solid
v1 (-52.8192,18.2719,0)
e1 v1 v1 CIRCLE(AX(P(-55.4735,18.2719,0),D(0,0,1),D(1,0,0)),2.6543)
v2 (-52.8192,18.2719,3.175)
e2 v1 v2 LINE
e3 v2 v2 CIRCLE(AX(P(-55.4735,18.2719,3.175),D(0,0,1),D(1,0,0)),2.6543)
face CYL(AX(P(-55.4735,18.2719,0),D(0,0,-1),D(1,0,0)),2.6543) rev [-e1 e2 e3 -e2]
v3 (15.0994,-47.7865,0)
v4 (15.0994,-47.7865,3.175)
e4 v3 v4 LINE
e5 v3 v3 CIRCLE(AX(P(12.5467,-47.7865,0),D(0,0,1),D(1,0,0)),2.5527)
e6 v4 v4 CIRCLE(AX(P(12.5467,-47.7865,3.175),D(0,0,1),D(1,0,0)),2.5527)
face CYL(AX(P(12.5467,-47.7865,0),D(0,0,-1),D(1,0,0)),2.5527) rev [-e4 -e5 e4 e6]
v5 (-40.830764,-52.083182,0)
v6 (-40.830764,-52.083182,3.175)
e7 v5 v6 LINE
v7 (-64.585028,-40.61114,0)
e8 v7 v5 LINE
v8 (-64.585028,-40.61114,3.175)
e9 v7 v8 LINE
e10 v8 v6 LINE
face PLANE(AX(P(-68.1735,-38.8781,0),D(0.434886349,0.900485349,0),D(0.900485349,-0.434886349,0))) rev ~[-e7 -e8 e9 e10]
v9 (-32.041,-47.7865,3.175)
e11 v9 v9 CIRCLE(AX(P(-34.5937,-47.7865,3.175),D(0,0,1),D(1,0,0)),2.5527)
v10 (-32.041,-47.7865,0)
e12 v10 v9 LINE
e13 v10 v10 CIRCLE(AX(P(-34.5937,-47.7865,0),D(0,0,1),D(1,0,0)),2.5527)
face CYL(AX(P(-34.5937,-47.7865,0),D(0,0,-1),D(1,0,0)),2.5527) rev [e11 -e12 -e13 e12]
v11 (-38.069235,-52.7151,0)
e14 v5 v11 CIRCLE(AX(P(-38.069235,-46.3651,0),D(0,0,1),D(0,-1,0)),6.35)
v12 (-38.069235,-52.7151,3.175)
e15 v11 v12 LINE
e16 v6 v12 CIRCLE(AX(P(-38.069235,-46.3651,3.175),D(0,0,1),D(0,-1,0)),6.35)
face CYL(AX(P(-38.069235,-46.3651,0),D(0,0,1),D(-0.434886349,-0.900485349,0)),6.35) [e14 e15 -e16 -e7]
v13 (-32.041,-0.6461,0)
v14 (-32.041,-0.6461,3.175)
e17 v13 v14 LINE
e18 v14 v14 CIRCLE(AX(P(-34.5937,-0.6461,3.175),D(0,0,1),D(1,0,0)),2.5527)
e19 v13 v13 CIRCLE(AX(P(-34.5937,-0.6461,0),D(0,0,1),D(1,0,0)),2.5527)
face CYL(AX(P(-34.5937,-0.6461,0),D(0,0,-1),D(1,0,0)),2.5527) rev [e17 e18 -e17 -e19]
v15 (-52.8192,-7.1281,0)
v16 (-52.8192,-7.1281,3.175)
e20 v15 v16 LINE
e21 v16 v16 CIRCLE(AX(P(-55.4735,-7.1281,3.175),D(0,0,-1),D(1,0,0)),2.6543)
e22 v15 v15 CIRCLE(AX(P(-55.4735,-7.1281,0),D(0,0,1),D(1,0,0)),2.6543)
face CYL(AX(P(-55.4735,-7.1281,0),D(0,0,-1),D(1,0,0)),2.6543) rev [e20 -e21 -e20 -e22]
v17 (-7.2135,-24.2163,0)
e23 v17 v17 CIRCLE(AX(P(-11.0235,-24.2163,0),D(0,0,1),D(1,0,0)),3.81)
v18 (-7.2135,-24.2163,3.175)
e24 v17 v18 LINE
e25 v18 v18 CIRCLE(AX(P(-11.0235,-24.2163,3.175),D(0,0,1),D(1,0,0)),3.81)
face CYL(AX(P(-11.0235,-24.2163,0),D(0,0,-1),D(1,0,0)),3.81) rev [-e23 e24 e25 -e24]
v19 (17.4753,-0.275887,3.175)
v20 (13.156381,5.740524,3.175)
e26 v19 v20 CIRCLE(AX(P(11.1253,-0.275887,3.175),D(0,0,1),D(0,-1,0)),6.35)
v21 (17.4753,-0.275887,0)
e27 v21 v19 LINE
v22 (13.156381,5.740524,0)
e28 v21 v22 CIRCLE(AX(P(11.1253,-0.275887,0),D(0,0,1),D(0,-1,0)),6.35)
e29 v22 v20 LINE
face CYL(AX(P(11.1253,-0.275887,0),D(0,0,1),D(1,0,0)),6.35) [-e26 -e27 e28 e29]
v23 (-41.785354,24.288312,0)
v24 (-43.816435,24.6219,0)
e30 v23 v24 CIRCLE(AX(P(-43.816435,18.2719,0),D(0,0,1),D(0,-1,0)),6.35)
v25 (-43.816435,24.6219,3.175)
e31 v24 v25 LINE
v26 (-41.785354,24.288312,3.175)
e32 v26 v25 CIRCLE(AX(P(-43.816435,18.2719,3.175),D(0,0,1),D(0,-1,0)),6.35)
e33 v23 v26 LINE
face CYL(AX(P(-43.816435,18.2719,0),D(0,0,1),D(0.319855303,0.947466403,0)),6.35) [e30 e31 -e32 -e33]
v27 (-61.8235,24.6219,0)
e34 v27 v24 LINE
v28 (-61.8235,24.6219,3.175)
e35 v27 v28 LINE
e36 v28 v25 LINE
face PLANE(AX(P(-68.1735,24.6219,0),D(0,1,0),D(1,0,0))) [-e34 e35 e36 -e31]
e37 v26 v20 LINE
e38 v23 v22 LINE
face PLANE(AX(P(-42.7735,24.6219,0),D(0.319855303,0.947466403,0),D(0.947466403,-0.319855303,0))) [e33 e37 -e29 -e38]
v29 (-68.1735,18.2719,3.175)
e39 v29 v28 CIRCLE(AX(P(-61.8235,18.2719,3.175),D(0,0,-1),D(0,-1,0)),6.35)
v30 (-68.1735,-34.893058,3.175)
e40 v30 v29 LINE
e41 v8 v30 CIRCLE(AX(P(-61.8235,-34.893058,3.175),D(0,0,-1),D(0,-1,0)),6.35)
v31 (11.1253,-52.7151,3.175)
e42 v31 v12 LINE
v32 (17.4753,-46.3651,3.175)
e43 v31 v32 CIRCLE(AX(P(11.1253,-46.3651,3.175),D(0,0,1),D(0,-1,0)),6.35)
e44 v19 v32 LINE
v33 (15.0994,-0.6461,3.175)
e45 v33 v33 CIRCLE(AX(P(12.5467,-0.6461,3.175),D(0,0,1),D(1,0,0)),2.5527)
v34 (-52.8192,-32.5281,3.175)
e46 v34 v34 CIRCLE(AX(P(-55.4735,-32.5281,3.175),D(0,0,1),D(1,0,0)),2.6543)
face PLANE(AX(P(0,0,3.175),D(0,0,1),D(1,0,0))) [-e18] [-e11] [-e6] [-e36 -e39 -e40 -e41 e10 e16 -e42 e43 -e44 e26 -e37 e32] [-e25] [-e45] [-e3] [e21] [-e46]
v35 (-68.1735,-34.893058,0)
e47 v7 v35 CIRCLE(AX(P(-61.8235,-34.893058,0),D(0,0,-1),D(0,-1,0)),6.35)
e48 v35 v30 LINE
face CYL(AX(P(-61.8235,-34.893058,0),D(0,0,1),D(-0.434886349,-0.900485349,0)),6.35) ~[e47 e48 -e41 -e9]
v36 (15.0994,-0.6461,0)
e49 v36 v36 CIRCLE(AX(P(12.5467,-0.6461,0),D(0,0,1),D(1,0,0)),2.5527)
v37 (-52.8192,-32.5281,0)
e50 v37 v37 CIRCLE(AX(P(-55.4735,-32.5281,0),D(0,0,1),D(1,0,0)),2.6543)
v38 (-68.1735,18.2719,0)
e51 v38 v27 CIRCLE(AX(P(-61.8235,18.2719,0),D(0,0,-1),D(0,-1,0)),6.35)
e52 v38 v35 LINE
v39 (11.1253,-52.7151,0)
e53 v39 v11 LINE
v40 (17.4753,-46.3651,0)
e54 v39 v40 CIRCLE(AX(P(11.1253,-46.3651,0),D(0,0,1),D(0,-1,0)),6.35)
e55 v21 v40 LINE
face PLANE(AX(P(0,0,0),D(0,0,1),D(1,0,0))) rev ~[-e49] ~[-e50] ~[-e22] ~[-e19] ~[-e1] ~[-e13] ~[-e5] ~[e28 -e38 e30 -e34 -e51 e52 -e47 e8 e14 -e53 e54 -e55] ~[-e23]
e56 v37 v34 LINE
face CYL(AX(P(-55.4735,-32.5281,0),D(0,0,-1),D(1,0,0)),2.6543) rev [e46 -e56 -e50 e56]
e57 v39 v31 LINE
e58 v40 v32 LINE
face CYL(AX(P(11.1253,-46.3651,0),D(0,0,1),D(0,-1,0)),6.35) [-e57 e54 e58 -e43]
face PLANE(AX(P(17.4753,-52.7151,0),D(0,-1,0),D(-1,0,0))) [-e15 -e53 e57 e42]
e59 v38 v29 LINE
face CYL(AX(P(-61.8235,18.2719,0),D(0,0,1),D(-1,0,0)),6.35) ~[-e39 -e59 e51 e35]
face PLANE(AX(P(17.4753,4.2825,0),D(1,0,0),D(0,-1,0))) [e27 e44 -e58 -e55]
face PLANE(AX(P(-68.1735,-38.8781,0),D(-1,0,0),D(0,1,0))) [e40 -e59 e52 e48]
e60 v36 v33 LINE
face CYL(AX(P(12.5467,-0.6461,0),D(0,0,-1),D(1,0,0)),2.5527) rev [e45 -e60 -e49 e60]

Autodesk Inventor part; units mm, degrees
ref_plane "YZ Plane" through (0, 0, 0) normal (1, 0, 0) x (0, 1, 0)
ref_plane "XZ Plane" through (0, 0, 0) normal (0, 1, 0) x (-1, 0, 0)
ref_plane "XY Plane" through (0, 0, 0) normal (0, 0, 1) x (1, 0, 0)
sketch "Sketch1" plane through (0, 0, 0) normal (0, 0, 1) x (1, 0, 0)
  line L0 (-39.5223, 4.2825) -> (17.4753, 4.2825)
  line L1 (17.4753, 4.2825) -> (17.4753, -52.7151)
  line L2 (17.4753, -52.7151) -> (-39.5223, -52.7151)
  line L3 (-39.5223, -52.7151) -> (-39.5223, 4.2825)
  circle A0 centre (-34.5937, -47.7865) radius 2.5527
  circle A1 centre (12.5467, -47.7865) radius 2.5527
  circle A2 centre (-34.5937, -0.6461) radius 2.5527
  circle A3 centre (12.5467, -0.6461) radius 2.5527
  line L4 (-68.1735, 24.6219) -> (-42.7735, 24.6219)
  line L5 (-42.7735, 24.6219) -> (-42.7735, -38.8781)
  line L6 (-42.7735, -38.8781) -> (-68.1735, -38.8781)
  line L7 (-68.1735, -38.8781) -> (-68.1735, 24.6219)
  circle A4 centre (-55.4735, 18.2719) radius 2.6543
  circle A5 centre (-55.4735, -32.5281) radius 2.6543
  circle A6 centre (-55.4735, -7.1281) radius 2.6543
  line L8 (-68.1735, -7.1281) -> (-42.7735, -7.1281)
  circle A7 centre (-55.4735, 46.8469) radius 8.6868
  line L9 (-42.7735, 24.6219) -> (17.4753, 4.2825)
  line L10 (-68.1735, -38.8781) -> (-39.5223, -52.7151)
  circle A8 centre (-11.0235, -24.2163) radius 3.81
  point P0 (0, 0)
  dimension "d0" = 56.9976
  dimension "d1" = 56.9976
  dimension "d3" = 5.1054
  dimension "d4" = 5.1054
  dimension "d5" = 5.1054
  dimension "d7" = 5.1054
  dimension "d15" = 28.4988
  dimension "d16" = 28.4988
  dimension "d17" = 63.5
  dimension "d18" = 25.4
  dimension "d19" = 25.4
  dimension "d20" = 0
  dimension "d21" = 5.3086
  dimension "d22" = 5.3086
  dimension "d23" = 5.3086
  dimension "d24" = 28.575
  dimension "d26" = 12.7
  dimension "d28" = 0
  dimension "d29" = 0
  dimension "d30" = 12.7
  dimension "d33" = 83.82
  dimension "d34" = 44.45
  dimension "d37" = 7.62
  dimension "d39" = 66.6666
  dimension "d40" = 66.6666
  dimension "d41" = 33.3333
  dimension "d42" = 33.3333
extrude "Extrusion1" add sketch "Sketch1" along normal blind 3.175 contours L3 L10 L6 L5 L9 L0 | L0 L1 L2 L3 | L5 L8 A6 L7 L4 | L7 L8 A6 L5 L6
fillet "Fillet1" radius 6.35 6 edges at (-42.7735, 24.6219, 1.5875) (-68.1735, 24.6219, 1.5875) (17.4753, 4.2825, 1.5875) (17.4753, -52.7151, 1.5875) (-39.5223, -52.7151, 1.5875) (-68.1735, -38.8781, 1.5875)
equation "\"d4\" = d3"
equation "\"d15\" = 0.5 * d0"
equation "\"d16\" = d15"
equation "\"d19\" = d18"
equation "\"d22\" = d21"
equation "\"d23\" = d21"
equation "\"d40\" = d39"
equation "\"d41\" = 0.5 * d39"
equation "\"d42\" = d41"
properties part number "Diff Motor Bracket"
